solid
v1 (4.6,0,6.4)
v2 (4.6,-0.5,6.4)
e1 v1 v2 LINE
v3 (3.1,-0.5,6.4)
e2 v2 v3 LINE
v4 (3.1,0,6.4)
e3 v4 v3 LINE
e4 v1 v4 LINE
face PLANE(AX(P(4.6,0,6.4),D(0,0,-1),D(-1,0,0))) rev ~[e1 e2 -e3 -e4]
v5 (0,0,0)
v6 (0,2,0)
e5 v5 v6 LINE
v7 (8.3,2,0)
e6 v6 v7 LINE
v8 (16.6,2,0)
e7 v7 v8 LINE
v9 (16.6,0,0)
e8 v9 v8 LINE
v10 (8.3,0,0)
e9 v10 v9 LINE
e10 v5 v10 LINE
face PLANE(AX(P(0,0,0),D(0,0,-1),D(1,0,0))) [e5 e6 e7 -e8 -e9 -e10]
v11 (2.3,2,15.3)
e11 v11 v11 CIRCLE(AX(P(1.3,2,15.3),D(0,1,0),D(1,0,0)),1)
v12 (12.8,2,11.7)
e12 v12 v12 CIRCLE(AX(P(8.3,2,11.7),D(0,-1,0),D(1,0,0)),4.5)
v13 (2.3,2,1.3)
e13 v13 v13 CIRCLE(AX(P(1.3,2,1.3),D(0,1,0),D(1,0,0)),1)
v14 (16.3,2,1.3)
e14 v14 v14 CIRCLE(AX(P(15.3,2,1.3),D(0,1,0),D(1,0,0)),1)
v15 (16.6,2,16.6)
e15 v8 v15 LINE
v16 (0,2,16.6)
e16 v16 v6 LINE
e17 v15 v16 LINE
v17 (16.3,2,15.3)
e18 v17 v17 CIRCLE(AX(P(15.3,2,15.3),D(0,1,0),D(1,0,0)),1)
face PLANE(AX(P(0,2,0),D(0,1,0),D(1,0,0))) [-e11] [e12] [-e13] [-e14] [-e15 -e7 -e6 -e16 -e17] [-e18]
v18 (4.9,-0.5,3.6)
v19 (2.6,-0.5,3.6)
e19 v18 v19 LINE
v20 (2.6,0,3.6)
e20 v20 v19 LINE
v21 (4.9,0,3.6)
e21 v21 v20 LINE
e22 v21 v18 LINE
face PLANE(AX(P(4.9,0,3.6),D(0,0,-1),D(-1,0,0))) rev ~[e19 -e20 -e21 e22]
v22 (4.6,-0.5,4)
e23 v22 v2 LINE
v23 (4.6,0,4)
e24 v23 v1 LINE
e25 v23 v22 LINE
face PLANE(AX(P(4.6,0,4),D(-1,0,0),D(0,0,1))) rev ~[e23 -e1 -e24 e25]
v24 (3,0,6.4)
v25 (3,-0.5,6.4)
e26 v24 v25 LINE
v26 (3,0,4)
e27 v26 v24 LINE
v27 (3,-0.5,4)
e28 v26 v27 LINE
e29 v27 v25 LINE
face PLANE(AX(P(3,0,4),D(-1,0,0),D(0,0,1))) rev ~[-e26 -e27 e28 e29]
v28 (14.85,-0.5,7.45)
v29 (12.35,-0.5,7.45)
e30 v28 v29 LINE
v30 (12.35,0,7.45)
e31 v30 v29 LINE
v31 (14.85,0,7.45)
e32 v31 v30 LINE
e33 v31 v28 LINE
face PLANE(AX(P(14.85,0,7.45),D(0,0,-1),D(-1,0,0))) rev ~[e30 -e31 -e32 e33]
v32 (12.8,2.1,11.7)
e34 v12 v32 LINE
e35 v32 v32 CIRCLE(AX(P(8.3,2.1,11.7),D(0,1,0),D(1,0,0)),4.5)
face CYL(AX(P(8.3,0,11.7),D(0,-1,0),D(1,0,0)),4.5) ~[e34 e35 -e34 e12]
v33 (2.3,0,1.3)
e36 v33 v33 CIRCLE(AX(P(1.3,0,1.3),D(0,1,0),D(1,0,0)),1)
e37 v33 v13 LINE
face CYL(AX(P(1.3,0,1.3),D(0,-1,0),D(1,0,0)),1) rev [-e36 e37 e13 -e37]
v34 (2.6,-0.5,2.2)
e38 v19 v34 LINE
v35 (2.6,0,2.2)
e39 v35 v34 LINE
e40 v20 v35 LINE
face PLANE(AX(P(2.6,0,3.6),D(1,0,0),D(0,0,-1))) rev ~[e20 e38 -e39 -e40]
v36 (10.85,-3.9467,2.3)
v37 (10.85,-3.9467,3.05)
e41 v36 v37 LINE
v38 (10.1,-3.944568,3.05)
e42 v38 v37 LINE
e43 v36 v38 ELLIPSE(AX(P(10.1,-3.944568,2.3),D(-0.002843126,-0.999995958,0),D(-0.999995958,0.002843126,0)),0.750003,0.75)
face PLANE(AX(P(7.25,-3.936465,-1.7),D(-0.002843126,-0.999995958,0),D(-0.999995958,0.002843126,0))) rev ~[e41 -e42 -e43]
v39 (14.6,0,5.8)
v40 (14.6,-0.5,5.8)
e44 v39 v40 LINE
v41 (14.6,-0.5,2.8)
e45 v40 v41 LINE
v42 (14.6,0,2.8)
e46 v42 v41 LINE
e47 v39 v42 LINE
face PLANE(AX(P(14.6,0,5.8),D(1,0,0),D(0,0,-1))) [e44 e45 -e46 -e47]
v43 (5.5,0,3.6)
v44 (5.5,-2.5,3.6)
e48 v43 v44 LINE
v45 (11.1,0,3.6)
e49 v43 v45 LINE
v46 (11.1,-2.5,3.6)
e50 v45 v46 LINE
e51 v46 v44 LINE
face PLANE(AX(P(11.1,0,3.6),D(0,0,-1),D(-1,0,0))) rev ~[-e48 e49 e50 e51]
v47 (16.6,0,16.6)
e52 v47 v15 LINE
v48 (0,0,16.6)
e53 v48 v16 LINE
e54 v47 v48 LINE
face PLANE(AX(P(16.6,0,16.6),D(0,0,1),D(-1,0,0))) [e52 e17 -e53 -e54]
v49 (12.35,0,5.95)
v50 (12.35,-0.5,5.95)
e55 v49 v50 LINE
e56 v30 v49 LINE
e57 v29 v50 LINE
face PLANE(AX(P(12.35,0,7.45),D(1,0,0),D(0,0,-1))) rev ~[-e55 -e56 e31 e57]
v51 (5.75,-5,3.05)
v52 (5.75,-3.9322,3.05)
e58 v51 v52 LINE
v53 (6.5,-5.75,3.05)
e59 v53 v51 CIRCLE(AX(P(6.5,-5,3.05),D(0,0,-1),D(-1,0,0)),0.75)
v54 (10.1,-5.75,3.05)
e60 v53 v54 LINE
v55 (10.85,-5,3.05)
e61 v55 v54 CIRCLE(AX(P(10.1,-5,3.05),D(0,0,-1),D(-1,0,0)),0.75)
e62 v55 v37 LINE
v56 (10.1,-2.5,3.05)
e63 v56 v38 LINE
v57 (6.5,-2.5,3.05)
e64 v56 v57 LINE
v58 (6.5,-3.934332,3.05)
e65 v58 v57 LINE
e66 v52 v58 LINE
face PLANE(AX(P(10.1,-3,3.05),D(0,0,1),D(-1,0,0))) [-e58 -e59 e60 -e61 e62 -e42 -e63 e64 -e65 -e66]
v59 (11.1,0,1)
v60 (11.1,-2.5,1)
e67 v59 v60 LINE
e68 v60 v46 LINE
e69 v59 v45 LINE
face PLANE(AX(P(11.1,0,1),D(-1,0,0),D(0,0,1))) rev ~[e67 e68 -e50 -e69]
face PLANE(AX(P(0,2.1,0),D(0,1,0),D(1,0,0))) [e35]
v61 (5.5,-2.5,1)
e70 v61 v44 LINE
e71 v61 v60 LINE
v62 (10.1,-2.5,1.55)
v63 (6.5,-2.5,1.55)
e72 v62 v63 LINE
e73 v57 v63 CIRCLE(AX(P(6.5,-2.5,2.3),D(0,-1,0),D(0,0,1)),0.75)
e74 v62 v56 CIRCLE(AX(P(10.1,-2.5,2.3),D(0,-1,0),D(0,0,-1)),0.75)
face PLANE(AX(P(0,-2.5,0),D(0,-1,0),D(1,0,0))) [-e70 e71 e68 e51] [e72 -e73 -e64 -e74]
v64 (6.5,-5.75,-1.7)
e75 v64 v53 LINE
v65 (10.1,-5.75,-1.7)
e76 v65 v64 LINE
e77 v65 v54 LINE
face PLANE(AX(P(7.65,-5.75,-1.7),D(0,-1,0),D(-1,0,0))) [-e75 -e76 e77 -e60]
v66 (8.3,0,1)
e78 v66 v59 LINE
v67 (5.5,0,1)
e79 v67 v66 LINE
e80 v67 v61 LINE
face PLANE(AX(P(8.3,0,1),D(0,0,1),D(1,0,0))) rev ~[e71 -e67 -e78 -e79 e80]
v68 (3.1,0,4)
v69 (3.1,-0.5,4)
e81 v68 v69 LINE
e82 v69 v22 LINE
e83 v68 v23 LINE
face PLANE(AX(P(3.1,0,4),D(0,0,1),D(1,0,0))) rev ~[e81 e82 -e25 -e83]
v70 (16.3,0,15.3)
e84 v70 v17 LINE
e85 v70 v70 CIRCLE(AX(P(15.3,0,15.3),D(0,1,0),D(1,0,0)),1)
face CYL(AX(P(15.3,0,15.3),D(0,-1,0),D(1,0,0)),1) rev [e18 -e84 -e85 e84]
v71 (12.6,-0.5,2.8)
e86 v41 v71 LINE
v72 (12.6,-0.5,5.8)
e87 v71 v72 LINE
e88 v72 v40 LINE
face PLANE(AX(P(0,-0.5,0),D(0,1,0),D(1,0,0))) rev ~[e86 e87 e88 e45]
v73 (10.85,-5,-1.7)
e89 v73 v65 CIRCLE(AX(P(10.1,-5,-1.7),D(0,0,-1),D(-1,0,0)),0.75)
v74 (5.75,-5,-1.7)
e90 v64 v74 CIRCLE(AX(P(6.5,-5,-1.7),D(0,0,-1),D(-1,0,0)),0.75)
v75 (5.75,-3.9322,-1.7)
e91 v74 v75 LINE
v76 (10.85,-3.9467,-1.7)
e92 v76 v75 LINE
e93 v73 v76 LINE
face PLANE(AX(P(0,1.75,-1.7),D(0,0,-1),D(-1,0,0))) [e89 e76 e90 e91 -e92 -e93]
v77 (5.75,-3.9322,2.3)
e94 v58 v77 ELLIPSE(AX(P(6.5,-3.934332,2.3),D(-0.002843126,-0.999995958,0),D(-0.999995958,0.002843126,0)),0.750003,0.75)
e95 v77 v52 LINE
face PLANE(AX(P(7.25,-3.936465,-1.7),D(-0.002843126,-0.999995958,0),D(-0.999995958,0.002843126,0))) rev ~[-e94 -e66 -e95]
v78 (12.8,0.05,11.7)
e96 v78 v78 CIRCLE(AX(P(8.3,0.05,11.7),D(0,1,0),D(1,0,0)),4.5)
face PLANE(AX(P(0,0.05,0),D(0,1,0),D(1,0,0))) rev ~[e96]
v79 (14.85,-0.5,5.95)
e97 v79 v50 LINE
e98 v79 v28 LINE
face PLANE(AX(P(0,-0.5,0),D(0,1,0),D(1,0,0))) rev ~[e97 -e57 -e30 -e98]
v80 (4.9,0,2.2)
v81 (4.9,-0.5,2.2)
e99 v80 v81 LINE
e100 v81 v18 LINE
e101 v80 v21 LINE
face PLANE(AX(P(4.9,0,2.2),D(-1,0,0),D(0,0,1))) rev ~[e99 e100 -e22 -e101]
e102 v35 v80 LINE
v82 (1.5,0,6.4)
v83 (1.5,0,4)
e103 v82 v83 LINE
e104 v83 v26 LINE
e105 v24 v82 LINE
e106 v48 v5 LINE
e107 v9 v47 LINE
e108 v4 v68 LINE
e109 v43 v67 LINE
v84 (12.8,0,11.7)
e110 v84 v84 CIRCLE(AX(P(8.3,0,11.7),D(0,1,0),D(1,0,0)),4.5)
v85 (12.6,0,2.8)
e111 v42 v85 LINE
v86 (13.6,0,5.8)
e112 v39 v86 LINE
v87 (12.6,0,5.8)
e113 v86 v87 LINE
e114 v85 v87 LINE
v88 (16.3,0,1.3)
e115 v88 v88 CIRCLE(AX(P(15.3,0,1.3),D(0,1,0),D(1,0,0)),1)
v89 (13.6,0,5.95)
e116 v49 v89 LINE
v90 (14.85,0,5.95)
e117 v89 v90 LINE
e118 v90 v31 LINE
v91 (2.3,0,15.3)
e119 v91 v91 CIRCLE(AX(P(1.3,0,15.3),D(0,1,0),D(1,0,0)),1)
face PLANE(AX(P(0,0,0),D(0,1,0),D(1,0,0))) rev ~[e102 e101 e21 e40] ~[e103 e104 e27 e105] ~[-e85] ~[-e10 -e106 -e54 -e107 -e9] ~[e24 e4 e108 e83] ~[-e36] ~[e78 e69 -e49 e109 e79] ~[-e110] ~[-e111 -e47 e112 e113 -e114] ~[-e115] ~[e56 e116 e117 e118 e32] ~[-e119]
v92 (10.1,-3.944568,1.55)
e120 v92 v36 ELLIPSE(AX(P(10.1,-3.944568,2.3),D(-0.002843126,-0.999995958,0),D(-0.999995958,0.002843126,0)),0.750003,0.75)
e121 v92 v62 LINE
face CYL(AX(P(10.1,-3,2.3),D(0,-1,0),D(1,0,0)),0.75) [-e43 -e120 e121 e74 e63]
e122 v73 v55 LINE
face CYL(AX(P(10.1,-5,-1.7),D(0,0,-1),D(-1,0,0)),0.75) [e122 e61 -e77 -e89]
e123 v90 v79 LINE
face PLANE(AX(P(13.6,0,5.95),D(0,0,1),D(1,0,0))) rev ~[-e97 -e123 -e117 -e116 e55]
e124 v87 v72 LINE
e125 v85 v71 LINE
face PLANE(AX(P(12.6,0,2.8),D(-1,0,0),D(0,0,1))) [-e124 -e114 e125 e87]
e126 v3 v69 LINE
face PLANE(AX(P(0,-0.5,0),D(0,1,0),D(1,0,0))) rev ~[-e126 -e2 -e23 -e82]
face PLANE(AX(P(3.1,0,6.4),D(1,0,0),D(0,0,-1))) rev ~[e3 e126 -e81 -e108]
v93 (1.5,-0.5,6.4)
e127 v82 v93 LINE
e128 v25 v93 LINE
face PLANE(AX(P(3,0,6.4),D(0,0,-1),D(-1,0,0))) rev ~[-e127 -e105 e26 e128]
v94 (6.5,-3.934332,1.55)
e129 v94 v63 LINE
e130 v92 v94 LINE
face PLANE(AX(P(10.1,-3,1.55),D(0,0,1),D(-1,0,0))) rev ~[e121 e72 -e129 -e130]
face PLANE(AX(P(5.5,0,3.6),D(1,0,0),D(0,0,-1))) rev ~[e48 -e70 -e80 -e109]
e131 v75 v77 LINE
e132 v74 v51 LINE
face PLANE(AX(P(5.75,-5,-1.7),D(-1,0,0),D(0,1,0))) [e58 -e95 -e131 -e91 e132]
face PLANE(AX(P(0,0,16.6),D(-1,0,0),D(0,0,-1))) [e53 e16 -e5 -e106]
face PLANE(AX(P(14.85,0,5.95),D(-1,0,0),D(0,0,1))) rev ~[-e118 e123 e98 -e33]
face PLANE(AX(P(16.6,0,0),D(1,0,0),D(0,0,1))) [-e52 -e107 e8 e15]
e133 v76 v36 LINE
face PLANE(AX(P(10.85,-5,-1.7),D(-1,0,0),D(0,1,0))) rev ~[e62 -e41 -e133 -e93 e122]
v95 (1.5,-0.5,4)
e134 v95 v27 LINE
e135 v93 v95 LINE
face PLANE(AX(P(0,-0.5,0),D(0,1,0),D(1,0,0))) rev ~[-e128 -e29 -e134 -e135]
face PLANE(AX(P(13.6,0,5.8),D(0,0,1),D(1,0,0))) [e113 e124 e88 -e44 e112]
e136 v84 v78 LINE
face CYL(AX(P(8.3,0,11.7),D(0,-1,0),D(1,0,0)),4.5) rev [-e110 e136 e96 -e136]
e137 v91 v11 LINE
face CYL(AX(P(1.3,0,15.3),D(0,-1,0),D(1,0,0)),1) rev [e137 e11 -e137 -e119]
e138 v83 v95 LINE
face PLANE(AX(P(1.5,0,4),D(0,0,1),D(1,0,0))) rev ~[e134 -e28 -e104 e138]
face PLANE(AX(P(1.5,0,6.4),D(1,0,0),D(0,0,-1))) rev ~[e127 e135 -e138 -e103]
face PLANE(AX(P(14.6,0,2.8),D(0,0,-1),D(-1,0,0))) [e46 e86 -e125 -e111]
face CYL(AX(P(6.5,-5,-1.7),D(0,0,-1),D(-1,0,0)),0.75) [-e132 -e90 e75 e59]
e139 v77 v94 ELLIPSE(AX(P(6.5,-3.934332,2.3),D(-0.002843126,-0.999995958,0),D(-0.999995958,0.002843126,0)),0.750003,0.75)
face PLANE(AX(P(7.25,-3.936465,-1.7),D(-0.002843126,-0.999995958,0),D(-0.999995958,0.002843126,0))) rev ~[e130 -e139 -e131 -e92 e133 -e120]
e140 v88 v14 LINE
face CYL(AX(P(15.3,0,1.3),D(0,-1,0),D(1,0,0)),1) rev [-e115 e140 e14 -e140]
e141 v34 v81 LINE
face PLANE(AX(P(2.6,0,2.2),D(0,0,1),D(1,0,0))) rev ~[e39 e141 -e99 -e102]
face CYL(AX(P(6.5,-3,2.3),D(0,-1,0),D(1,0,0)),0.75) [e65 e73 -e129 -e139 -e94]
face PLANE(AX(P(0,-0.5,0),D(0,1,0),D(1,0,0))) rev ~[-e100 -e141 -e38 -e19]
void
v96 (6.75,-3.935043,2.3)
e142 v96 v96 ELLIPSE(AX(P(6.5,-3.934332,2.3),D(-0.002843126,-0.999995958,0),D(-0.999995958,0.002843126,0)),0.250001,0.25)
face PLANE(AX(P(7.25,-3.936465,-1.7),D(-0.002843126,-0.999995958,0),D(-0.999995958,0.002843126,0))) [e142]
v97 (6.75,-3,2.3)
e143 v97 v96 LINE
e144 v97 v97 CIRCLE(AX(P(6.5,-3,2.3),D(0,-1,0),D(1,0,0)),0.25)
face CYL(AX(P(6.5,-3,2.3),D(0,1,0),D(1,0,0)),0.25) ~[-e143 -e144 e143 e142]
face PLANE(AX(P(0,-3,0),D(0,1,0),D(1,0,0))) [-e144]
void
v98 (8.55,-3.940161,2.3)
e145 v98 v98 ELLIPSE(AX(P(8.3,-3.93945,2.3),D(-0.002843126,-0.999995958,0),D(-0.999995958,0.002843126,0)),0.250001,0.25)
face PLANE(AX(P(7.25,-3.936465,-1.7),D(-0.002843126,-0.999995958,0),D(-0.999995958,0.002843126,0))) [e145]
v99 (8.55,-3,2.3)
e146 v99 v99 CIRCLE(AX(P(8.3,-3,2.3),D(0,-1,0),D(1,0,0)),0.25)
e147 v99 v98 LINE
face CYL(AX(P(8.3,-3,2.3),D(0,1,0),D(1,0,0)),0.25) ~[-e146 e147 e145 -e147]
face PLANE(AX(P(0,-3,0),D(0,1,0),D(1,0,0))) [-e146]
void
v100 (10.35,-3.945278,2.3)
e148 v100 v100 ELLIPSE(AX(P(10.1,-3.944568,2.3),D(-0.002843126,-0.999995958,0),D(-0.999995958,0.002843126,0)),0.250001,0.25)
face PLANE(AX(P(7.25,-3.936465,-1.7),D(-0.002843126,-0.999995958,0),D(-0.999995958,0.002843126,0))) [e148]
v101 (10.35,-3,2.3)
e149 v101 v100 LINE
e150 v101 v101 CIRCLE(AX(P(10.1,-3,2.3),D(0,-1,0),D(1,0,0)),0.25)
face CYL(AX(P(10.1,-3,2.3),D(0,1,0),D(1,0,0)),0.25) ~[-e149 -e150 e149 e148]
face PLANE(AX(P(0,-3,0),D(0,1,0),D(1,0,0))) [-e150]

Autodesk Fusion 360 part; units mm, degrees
sketch "Sketch1" plane through (0, 0, 0) normal (0, 1, 0) x (1, 0, 0)
  line L0 (0, 0) -> (16.6, 0)
  line L1 (16.6, 0) -> (16.6, -16.6)
  line L2 (16.6, -16.6) -> (0, -16.6)
  line L3 (0, -16.6) -> (0, 0)
  line L4 (16.6, -16.6) -> (8.3, -16.6)
  line L5 (8.3, -16.6) -> (8.3, -11.7) construction
  circle A0 centre (8.3, -11.7) radius 4.5
  line L6 (16.6, -16.6) -> (15.3, -16.6)
  line L7 (16.6, -16.6) -> (16.6, -15.3)
  line L8 (15.3, -16.6) -> (15.3, -14) construction
  line L9 (16.6, -15.3) -> (14, -15.3) construction
  circle A1 centre (15.3, -15.3) radius 1
  circle A2 centre (1.3, -15.3) radius 1
  line L10 (0, -8.3) -> (16.6, -8.3) construction
  circle A3 centre (15.3, -1.3) radius 1
  circle A4 centre (1.3, -1.3) radius 1
  line L11 (8.3, 0) -> (8.3, -3.6)
  line L12 (5.5, -1) -> (11.1, -1)
  line L13 (11.1, -1) -> (11.1, -3.6)
  line L14 (11.1, -3.6) -> (5.5, -3.6)
  line L15 (5.5, -3.6) -> (5.5, -1)
  line L16 (13.6, 0) -> (13.6, -5.6) construction
  line L17 (16.6, -5.8) -> (13.6, -5.8) construction
  line L18 (14.6, -2.8) -> (12.6, -2.8)
  line L19 (12.6, -2.8) -> (12.6, -5.8)
  line L20 (12.6, -5.8) -> (14.6, -5.8)
  line L21 (14.6, -5.8) -> (14.6, -2.8)
  line L22 (3.0224, 0) -> (3.0224, -2.2) construction
  line L23 (0, -2.5501) -> (2.6, -2.5501) construction
  line L24 (2.6, -2.2) -> (4.9, -2.2)
  line L25 (4.9, -2.2) -> (4.9, -3.6)
  line L26 (4.9, -3.6) -> (2.6, -3.6)
  line L27 (2.6, -3.6) -> (2.6, -2.2)
  line L28 (0, -5.4812) -> (1.5, -5.4812) construction
  line L29 (2, 0) -> (2, -4) construction
  line L30 (1.5, -4) -> (3, -4)
  line L31 (3, -4) -> (3, -6.4)
  line L32 (3, -6.4) -> (1.5, -6.4)
  line L33 (1.5, -6.4) -> (1.5, -4)
  line L34 (3.1, -4) -> (4.6, -4)
  line L35 (4.6, -4) -> (4.6, -6.4)
  line L36 (4.6, -6.4) -> (3.1, -6.4)
  line L37 (3.1, -6.4) -> (3.1, -4)
  line L38 (0, -6) -> (3.1, -6) construction
  line L39 (12.35, -5.95) -> (14.85, -5.95)
  line L40 (14.85, -5.95) -> (14.85, -7.45)
  line L41 (14.85, -7.45) -> (12.35, -7.45)
  line L42 (12.35, -7.45) -> (12.35, -5.95)
  line L43 (13.6, -5.8) -> (13.6, -5.95)
  dimension "d1" = 16.6
  dimension "d2" = 16.6
  dimension "d3" = 8.3
  dimension "d4" = 4.9
  dimension "d5" = 9
  dimension "d6" = 1.3
  dimension "d7" = 1.3
  dimension "d8" = 2
  dimension "d9" = 3.6
  dimension "d10" = 5.6
  dimension "d11" = 2.6
  dimension "d12" = 5.6
  dimension "d13" = 3
  dimension "d14" = 2
  dimension "d15" = 3
  dimension "d16" = 2.8
  dimension "d17" = 2.2
  dimension "d18" = 2.6
  dimension "d19" = 2.3
  dimension "d20" = 1.4
  dimension "d21" = 1.5
  dimension "d22" = 4
  dimension "d23" = 1.5
  dimension "d24" = 2.4
  dimension "d25" = 1.5
  dimension "d26" = 2.4
  dimension "d27" = 3.1
  dimension "d28" = 2.5
  dimension "d29" = 1.5
  dimension "d30" = 0.15
extrude "Extrude1" add sketch "Sketch1" along normal blind 2 contours L11 L12 L13 L14 | L11 L12 L14 L15 | L0 L1 L2 L3 L4 L6 L7 | A0 | L18 L19 L20 L21 | L39 L40 L41 L42 | L24 L25 L26 L27 | L30 L31 L32 L33 | L34 L35 L36 L37 makes body 1
extrude "Extrude2" add sketch "Sketch1" along normal blind 2.1 contours A0 bodies 1
extrude "Extrude3" cut sketch "Sketch1" along normal blind 0.05 contours A0 bodies 1
extrude "Extrude4" add sketch "Sketch1" against normal blind 0.5 contours L18 L19 L20 L21 | L39 L40 L41 L42 | L24 L25 L26 L27 | L30 L31 L32 L33 | L34 L35 L36 L37 bodies 1
extrude "Extrude5" add sketch "Sketch1" against normal blind 3 contours L11 L12 L13 L14 | L11 L12 L14 L15 bodies 1
sketch "Sketch2" plane through (0, -3, 0) normal (0, -1, 0) x (1, 0, 0)
  line L0 (11.1, 3.6) -> (5.5, 3.6)
  line L1 (5.5, 3.6) -> (5.5, 1)
  line L2 (5.5, 1) -> (11.1, 1)
  line L3 (11.1, 1) -> (11.1, 3.6)
  line L4 (5.5, 2.3) -> (11.1, 2.3)
  circle A0 centre (8.3, 2.3) radius 0.25
  line L5 (5.5, 2.3) -> (6.5, 2.3)
  circle A1 centre (6.5, 2.3) radius 0.25
  line L6 (11.1, 2.3) -> (10.1, 2.3)
  circle A2 centre (10.1, 2.3) radius 0.25
  circle A3 centre (6.5, 2.3) radius 0.75
  circle A4 centre (10.1, 2.3) radius 0.75
  line L7 (10.1, 3.05) -> (6.5, 3.05)
  line L8 (10.1, 1.55) -> (6.5, 1.55)
  dimension "d41" = 0.5
  dimension "d42" = 1
  dimension "d43" = 0.5
  dimension "d44" = 1
  dimension "d45" = 0.5
  dimension "d46" = 1.5
  dimension "d47" = 1.5
extrude "Extrude6" add sketch "Sketch2" along normal blind 3 separate body contours L4 L6 A2 A4 | L4 L6 A2 A4 | L4 L5 A1 A3 | L4 L5 A1 A3 | L4 A0 A3 A4 L7 | L4 A0 A3 A4 L8 makes body 2
extrude "Extrude7" add sketch "Sketch2" along normal blind 4.5 separate body contours L4 A0 A3 A4 L7 makes body 3
sketch "Sketch3" plane through (0, 0, 2.3) normal (0, 0, -1) x (-1, 0, 0)
  line L0 (-7.25, -3) -> (-8.05, -3)
  line L1 (-8.05, -3) -> (-8.05, -7.5)
  line L2 (-8.05, -7.5) -> (-7.25, -7.5)
  line L3 (-7.25, -7.5) -> (-7.25, -3)
  line L4 (-7.65, -7.5) -> (-8.3, -7.5)
  line L5 (-7.65, -7.5) -> (-6.5, -7.5)
  line L6 (-6.5, -7.5) -> (-6.5, -6.75)
  circle A0 centre (-6.5, -6.75) radius 0.75
  line L7 (-5.75, -6.75) -> (-5.75, -5.6822)
  line L8 (-5.75, -5.6822) -> (-6.7545, -6.0445)
  line L9 (-8.3, -7.5) -> (-10.1, -7.5)
  line L10 (-10.1, -7.5) -> (-10.1, -6.75)
  circle A1 centre (-10.1, -6.75) radius 0.75
  line L11 (-10.85, -6.75) -> (-10.85, -5.6967)
  line L12 (-10.85, -5.6967) -> (-9.8547, -6.0413)
  line L13 (-10.85, -5.6967) -> (-5.75, -5.6822)
  dimension "d52" = 0.65
  dimension "d53" = 1.15
  dimension "d54" = 0.75
  dimension "d55" = 1.5
  dimension "d56" = 1.8
  dimension "d57" = 0.75
  dimension "d58" = 1.5
delete_body "RemoveBody1" bodies 3
extrude "Extrude8" add sketch "Sketch3" along normal blind -0.75 and the other way blind -4 separate body contours L3 A0 L8 L13 | L1 L2 L3 L4 L5 L13 | L1 L4 L9 A1 L12 L13 | L3 L5 A0 | A0 | A0 L7 L8 | A1 L11 L12 | A1 makes body 4
extrude "Extrude9" cut 1 faces at (8.3062, -6, 1.7169) along direction (0, 1, 0) blind 1.75 on bodies 2 bodies 2
extrude "Extrude10" cut sketch "Sketch2" against normal blind 0.5 contours L0 L1 L3 L4 L5 L6 A3 A4 L7 | L1 L2 L3 L4 L5 L6 A3 A4 L8 bodies 1
move_body "Move1" bodies 4 to x (1, 0, 0) y (0, 1, 0) z (0, 0, 1) at (0, 1.75, 0)
combine "Combine1" operation add target body 1 tool bodies 2 4
